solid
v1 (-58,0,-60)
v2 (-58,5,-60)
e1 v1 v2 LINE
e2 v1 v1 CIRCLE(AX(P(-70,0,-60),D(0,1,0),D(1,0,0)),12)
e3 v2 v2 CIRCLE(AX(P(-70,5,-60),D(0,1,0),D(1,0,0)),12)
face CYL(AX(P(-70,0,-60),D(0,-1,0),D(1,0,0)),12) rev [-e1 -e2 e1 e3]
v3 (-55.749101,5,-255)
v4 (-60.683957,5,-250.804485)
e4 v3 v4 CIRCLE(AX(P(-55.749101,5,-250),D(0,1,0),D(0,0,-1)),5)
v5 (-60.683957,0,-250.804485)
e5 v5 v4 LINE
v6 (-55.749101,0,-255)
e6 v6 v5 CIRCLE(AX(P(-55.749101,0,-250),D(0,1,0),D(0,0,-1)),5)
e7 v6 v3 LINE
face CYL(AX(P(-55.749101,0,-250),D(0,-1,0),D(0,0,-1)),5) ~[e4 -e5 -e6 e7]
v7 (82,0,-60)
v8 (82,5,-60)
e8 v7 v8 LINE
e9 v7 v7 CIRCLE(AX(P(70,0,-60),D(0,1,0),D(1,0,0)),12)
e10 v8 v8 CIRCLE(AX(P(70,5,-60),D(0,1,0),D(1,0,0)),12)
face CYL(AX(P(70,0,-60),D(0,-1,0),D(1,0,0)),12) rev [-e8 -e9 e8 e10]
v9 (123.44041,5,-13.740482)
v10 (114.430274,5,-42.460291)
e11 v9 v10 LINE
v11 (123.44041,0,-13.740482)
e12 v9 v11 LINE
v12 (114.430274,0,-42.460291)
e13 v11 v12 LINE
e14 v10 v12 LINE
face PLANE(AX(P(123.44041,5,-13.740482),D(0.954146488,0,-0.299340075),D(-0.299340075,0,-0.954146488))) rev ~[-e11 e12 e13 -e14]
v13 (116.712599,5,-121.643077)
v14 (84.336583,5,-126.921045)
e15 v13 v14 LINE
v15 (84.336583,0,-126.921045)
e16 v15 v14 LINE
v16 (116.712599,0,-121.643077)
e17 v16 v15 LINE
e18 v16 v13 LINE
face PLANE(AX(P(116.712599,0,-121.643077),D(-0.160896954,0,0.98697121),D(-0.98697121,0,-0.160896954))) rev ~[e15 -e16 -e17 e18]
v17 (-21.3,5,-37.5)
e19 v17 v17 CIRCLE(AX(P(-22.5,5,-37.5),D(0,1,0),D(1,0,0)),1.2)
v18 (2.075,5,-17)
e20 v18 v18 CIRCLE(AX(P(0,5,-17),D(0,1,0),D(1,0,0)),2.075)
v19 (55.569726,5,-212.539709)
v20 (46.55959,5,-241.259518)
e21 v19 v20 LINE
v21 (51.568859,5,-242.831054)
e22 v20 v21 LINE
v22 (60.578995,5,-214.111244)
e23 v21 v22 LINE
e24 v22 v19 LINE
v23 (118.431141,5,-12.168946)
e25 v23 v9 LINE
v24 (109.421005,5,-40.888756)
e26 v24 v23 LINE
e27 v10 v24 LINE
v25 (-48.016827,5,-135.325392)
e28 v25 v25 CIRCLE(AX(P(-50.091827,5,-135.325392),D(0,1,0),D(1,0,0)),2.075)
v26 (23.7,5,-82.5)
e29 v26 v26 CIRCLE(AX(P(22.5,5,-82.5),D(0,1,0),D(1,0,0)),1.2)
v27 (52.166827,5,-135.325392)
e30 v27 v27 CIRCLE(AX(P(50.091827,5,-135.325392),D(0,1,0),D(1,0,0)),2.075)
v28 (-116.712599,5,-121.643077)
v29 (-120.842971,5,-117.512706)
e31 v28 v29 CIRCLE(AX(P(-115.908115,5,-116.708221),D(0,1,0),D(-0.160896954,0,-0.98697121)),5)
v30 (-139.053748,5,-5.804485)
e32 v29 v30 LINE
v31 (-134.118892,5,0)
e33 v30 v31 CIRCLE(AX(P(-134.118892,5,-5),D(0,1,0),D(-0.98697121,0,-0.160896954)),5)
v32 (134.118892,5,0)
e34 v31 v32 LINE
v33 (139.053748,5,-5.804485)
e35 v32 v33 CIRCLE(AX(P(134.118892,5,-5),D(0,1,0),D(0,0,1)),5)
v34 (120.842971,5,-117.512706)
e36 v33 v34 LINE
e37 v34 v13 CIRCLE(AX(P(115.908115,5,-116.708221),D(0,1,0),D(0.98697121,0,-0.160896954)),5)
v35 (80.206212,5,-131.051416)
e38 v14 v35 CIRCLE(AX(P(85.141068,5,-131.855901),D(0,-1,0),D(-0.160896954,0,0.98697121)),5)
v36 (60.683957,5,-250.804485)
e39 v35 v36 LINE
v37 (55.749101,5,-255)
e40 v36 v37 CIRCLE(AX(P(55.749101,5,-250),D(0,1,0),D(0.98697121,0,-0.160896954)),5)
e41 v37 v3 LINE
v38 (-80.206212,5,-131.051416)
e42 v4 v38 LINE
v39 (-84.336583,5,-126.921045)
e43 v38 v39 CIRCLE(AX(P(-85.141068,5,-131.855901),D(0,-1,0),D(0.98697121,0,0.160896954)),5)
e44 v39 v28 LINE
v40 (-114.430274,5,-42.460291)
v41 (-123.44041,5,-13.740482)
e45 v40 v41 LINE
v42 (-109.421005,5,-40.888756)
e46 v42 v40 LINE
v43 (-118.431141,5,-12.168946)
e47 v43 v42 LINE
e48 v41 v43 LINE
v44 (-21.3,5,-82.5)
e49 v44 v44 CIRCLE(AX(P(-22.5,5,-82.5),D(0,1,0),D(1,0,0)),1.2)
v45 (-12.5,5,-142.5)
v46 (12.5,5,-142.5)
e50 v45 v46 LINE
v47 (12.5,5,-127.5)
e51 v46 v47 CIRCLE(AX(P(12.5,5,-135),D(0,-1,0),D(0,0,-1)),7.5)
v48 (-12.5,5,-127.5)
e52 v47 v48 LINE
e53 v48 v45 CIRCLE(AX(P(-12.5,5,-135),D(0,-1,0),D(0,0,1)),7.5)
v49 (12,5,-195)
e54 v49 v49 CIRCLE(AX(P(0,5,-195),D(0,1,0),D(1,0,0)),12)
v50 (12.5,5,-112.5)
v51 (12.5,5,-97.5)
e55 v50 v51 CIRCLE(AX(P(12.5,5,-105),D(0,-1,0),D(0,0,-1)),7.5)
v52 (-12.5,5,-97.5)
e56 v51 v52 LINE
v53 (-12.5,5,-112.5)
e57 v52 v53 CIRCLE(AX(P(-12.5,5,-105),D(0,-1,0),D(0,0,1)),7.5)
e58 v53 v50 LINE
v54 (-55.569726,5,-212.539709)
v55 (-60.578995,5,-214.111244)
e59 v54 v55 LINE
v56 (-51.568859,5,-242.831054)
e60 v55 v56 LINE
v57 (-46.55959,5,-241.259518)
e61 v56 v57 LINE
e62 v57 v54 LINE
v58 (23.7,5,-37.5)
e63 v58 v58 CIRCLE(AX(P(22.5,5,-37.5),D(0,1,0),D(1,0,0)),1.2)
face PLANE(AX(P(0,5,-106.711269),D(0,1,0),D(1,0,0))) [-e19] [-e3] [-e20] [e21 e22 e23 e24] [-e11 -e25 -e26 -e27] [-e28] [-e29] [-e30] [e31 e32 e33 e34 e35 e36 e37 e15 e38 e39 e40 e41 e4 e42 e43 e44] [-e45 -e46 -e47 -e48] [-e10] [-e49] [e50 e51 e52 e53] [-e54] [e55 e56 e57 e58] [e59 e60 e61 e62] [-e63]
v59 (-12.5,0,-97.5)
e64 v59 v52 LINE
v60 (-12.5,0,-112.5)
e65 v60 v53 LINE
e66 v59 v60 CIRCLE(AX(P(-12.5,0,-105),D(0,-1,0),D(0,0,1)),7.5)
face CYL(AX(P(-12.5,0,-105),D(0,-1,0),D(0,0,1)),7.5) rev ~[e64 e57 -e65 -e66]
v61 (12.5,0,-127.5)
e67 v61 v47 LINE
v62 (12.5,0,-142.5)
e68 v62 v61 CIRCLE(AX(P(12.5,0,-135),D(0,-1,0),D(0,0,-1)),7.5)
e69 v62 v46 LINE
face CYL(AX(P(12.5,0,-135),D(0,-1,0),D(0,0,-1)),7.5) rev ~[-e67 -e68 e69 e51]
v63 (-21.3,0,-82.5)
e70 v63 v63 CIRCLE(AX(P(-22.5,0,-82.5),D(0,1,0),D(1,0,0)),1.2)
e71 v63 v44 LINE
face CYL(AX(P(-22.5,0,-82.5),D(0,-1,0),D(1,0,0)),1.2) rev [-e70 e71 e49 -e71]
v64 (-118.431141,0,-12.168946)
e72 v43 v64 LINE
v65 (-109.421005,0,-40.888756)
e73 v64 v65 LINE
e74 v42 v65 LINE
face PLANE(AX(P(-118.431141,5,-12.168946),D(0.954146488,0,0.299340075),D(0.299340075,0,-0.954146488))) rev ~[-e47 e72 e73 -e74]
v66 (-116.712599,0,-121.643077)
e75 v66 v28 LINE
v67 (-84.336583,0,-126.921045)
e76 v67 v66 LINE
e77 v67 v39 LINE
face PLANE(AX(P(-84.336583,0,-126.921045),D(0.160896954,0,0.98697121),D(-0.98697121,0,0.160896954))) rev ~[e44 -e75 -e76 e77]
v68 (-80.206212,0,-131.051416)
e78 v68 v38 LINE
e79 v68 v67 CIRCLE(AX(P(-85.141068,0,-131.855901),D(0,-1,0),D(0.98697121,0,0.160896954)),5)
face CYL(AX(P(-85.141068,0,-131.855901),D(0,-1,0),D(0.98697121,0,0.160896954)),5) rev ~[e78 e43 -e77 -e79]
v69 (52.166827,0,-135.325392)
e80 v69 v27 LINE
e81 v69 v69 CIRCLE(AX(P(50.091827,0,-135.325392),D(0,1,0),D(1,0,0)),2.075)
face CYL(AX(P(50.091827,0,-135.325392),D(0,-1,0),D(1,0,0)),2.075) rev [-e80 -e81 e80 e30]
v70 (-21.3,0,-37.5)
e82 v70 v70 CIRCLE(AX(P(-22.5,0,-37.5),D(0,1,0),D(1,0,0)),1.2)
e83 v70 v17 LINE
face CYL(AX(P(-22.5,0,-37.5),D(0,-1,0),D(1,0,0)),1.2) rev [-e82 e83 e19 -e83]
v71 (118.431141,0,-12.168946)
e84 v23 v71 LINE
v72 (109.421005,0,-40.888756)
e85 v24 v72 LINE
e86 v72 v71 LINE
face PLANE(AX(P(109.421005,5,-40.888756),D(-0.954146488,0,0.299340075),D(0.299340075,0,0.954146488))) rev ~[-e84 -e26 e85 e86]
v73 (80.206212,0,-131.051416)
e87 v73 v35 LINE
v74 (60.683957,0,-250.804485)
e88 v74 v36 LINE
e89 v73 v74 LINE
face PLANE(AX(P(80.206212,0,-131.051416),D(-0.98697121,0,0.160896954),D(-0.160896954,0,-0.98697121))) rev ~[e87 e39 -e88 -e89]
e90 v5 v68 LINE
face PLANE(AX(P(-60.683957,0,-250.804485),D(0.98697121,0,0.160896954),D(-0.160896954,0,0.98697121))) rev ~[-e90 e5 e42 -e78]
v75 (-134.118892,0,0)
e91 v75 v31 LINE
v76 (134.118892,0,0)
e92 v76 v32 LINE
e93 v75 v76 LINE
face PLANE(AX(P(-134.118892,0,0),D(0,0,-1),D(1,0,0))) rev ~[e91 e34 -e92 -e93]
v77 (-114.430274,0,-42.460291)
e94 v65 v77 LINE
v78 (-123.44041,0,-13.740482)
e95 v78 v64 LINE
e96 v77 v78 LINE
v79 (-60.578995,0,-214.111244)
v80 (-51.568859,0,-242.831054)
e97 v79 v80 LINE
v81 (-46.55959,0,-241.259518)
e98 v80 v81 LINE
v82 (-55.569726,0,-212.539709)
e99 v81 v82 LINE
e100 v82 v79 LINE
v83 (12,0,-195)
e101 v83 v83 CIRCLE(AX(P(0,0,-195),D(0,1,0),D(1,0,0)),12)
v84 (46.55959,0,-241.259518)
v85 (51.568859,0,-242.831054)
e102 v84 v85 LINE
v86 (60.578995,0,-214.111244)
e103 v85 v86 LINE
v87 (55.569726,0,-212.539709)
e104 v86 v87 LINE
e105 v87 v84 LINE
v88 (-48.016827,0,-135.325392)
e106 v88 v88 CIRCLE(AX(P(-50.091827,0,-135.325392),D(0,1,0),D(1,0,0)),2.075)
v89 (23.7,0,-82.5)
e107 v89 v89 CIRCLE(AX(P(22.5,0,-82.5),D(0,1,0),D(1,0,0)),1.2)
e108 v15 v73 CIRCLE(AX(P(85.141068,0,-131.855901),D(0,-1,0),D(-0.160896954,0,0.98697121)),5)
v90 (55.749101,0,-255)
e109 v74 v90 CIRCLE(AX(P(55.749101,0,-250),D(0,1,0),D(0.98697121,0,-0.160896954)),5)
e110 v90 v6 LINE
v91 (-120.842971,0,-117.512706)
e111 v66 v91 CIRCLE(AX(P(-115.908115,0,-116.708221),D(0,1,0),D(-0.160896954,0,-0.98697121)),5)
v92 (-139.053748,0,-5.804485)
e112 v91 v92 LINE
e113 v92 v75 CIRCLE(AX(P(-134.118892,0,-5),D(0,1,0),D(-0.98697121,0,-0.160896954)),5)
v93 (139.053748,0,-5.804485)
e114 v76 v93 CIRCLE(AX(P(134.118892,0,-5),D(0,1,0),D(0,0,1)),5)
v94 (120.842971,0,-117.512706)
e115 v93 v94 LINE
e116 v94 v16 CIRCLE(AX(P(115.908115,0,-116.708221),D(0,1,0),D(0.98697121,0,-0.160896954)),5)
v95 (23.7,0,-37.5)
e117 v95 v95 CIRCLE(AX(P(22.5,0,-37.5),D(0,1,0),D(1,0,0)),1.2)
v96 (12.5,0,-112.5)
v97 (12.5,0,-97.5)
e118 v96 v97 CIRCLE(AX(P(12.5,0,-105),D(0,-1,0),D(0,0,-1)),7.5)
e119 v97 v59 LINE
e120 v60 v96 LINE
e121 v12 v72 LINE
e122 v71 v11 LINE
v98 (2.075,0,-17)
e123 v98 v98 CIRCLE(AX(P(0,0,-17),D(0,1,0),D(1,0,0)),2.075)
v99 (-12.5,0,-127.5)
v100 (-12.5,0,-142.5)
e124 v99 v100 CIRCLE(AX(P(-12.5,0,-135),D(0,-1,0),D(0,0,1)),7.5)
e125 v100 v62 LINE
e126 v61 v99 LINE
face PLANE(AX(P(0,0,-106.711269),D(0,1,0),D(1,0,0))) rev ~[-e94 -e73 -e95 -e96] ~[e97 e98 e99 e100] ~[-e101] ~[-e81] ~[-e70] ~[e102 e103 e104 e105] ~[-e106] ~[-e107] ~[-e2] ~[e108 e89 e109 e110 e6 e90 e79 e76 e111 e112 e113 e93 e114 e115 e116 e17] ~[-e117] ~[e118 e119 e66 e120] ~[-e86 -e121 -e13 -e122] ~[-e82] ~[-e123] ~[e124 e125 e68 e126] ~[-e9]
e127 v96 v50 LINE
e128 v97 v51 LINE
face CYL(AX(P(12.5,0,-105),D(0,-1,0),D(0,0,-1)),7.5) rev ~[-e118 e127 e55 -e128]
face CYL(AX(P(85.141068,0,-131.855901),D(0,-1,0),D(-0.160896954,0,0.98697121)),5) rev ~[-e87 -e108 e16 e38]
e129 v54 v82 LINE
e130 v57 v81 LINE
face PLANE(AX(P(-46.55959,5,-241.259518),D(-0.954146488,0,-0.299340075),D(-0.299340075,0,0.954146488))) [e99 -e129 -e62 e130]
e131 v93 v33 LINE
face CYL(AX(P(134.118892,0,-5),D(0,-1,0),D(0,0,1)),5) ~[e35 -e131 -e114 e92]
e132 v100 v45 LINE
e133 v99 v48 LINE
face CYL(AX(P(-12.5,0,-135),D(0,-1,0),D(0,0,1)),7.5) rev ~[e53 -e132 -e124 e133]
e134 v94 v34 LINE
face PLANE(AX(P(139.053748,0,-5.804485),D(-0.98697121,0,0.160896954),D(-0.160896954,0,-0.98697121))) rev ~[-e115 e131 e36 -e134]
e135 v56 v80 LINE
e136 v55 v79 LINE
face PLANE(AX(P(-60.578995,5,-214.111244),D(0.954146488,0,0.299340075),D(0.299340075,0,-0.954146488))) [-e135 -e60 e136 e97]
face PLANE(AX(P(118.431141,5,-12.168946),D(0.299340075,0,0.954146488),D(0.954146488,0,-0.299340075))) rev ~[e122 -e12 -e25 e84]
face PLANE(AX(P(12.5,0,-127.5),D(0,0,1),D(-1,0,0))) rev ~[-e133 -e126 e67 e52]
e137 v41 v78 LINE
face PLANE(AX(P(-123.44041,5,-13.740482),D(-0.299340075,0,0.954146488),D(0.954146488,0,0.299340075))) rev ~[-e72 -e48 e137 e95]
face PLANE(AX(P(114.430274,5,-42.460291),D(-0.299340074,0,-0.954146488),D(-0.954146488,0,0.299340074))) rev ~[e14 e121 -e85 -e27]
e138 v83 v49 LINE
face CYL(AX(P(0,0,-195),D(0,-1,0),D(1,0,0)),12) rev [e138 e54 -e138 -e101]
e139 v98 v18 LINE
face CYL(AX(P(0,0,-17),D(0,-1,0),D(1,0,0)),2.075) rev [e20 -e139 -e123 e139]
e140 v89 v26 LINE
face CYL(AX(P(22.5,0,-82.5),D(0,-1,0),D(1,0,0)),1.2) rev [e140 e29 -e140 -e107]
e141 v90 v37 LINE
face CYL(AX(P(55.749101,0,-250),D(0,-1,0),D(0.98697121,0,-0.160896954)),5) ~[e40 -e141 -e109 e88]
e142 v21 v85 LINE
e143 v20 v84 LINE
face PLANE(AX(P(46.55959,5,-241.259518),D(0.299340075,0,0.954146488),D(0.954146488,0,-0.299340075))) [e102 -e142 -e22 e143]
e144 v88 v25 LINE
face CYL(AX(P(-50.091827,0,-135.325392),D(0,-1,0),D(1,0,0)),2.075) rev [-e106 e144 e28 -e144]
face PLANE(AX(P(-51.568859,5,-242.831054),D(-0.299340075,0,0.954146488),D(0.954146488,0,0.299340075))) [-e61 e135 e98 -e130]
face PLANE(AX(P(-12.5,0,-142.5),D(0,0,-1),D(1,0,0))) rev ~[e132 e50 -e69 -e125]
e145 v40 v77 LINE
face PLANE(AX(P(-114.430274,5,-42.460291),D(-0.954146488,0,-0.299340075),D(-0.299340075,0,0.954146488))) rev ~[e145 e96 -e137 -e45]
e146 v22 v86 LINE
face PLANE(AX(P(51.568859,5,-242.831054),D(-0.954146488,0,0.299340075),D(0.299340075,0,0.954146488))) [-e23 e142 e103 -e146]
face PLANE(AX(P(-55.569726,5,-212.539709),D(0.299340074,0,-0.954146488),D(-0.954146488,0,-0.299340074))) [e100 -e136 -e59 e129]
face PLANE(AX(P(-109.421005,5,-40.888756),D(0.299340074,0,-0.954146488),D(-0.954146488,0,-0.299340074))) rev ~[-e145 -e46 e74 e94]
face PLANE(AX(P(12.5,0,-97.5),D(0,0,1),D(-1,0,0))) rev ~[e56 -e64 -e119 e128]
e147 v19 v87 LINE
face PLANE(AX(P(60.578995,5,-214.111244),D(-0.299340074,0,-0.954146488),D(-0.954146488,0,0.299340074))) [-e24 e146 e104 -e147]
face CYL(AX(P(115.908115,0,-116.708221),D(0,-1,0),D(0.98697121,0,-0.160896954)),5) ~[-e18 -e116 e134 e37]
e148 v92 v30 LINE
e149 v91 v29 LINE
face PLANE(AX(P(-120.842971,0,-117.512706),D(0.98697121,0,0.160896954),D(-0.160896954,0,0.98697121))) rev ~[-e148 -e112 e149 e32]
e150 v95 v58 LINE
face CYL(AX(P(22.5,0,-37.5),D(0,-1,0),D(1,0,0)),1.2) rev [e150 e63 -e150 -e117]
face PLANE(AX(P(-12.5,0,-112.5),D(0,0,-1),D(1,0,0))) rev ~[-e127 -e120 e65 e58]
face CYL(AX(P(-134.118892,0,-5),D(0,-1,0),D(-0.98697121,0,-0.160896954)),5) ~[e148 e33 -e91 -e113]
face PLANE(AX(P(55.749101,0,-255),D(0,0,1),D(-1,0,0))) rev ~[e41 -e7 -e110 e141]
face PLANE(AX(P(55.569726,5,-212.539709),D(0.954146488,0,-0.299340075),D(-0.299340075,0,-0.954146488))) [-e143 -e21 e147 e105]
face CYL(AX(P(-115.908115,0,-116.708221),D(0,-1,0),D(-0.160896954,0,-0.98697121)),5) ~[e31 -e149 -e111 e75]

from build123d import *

# Parameters (mm, degrees)
SKETCH1_R           = 12
SKETCH1_R_2         = 1.2
SKETCH1_R_3         = 2.075
BOSS_EXTRUDE1_DEPTH = 5
CUT_EXTRUDE1_DEPTH  = 5


with BuildPart() as part:
    # Sketch1 → Boss-Extrude1 (new body)
    with BuildSketch(Plane(origin=(0, 0, 0), x_dir=(1, 0, 0), z_dir=(0, 1, 0))):
        with BuildLine():
            Line((-134.118891506, 0), (134.118891506, 0))
            ThreePointArc((134.118891506, 0), (137.928249972, 1.76136015), (139.053747558, 5.804484769))
            Line((139.053747558, 5.804484769), (120.84297072, 117.512705691))
            ThreePointArc((120.84297072, 117.512705691), (119.443648574, 120.243754828), (116.712599437, 121.643076974))
            Line((116.712599437, 121.643076974), (84.336583334, 126.921044874))
            ThreePointArc((84.336583334, 126.921044874), (81.605534197, 128.32036702), (80.206212051, 131.051416157))
            Line((80.206212051, 131.051416157), (60.683956749, 250.804484769))
            ThreePointArc((60.683956749, 250.804484769), (58.987740546, 253.809358466), (55.749100697, 255))
            Line((55.749100697, 255), (-55.749100697, 255))
            ThreePointArc((-55.749100697, 255), (-58.987740546, 253.809358466), (-60.683956749, 250.804484769))
            Line((-60.683956749, 250.804484769), (-80.206212051, 131.051416157))
            ThreePointArc((-80.206212051, 131.051416157), (-81.605534197, 128.32036702), (-84.336583334, 126.921044874))
            Line((-84.336583334, 126.921044874), (-116.712599437, 121.643076974))
            ThreePointArc((-116.712599437, 121.643076974), (-119.443648574, 120.243754828), (-120.84297072, 117.512705691))
            Line((-120.84297072, 117.512705691), (-139.053747558, 5.804484769))
            ThreePointArc((-139.053747558, 5.804484769), (-137.928249972, 1.76136015), (-134.118891506, 0))
        make_face()
        with Locations((0, 195)):
            Circle(SKETCH1_R, mode=Mode.SUBTRACT)
        with Locations((-70, 60)):
            Circle(SKETCH1_R, mode=Mode.SUBTRACT)
        with Locations((70, 60)):
            Circle(SKETCH1_R, mode=Mode.SUBTRACT)
        with Locations((-22.5, 82.5)):
            Circle(SKETCH1_R_2, mode=Mode.SUBTRACT)
        with Locations((22.5, 82.5)):
            Circle(SKETCH1_R_2, mode=Mode.SUBTRACT)
        with Locations((22.5, 37.5)):
            Circle(SKETCH1_R_2, mode=Mode.SUBTRACT)
        with Locations((-22.5, 37.5)):
            Circle(SKETCH1_R_2, mode=Mode.SUBTRACT)
        with Locations((-50.091827035, 135.325391796)):
            Circle(SKETCH1_R_3, mode=Mode.SUBTRACT)
        with Locations((50.091827035, 135.325391796)):
            Circle(SKETCH1_R_3, mode=Mode.SUBTRACT)
        with Locations((0, 17)):
            Circle(SKETCH1_R_3, mode=Mode.SUBTRACT)
        with BuildLine():
            Line((12.5, 127.5), (-12.5, 127.5))
            ThreePointArc((-12.5, 127.5), (-20, 135), (-12.5, 142.5))
            Line((-12.5, 142.5), (12.5, 142.5))
            ThreePointArc((12.5, 142.5), (20, 135), (12.5, 127.5))
        make_face(mode=Mode.SUBTRACT)
        with BuildLine():
            Line((12.5, 97.5), (-12.5, 97.5))
            ThreePointArc((-12.5, 97.5), (-20, 105), (-12.5, 112.5))
            Line((-12.5, 112.5), (12.5, 112.5))
            ThreePointArc((12.5, 112.5), (20, 105), (12.5, 97.5))
        make_face(mode=Mode.SUBTRACT)
    extrude(amount=BOSS_EXTRUDE1_DEPTH)

    # Sketch2 → Cut-Extrude1 (cut)
    with BuildSketch(Plane(origin=(0, 5, 0), x_dir=(1, 0, 0), z_dir=(0, 1, 0))):
        Polygon((-60.578994825, 214.111244254), (-51.568858582, 242.831053531), (-46.559589522, 241.259518139), (-55.569725765, 212.539708863), align=None)
        Polygon((-118.431141418, 12.168946469), (-109.421005175, 40.888755746), (-114.430274235, 42.460291137), (-123.440410478, 13.740481861), align=None)
        Polygon((123.440410478, 13.740481861), (114.430274235, 42.460291137), (109.421005175, 40.888755746), (118.431141418, 12.168946469), align=None)
        Polygon((55.569725765, 212.539708863), (46.559589522, 241.259518139), (51.568858582, 242.831053531), (60.578994825, 214.111244254), align=None)
    extrude(amount=-CUT_EXTRUDE1_DEPTH, mode=Mode.SUBTRACT)


solid = part.part
